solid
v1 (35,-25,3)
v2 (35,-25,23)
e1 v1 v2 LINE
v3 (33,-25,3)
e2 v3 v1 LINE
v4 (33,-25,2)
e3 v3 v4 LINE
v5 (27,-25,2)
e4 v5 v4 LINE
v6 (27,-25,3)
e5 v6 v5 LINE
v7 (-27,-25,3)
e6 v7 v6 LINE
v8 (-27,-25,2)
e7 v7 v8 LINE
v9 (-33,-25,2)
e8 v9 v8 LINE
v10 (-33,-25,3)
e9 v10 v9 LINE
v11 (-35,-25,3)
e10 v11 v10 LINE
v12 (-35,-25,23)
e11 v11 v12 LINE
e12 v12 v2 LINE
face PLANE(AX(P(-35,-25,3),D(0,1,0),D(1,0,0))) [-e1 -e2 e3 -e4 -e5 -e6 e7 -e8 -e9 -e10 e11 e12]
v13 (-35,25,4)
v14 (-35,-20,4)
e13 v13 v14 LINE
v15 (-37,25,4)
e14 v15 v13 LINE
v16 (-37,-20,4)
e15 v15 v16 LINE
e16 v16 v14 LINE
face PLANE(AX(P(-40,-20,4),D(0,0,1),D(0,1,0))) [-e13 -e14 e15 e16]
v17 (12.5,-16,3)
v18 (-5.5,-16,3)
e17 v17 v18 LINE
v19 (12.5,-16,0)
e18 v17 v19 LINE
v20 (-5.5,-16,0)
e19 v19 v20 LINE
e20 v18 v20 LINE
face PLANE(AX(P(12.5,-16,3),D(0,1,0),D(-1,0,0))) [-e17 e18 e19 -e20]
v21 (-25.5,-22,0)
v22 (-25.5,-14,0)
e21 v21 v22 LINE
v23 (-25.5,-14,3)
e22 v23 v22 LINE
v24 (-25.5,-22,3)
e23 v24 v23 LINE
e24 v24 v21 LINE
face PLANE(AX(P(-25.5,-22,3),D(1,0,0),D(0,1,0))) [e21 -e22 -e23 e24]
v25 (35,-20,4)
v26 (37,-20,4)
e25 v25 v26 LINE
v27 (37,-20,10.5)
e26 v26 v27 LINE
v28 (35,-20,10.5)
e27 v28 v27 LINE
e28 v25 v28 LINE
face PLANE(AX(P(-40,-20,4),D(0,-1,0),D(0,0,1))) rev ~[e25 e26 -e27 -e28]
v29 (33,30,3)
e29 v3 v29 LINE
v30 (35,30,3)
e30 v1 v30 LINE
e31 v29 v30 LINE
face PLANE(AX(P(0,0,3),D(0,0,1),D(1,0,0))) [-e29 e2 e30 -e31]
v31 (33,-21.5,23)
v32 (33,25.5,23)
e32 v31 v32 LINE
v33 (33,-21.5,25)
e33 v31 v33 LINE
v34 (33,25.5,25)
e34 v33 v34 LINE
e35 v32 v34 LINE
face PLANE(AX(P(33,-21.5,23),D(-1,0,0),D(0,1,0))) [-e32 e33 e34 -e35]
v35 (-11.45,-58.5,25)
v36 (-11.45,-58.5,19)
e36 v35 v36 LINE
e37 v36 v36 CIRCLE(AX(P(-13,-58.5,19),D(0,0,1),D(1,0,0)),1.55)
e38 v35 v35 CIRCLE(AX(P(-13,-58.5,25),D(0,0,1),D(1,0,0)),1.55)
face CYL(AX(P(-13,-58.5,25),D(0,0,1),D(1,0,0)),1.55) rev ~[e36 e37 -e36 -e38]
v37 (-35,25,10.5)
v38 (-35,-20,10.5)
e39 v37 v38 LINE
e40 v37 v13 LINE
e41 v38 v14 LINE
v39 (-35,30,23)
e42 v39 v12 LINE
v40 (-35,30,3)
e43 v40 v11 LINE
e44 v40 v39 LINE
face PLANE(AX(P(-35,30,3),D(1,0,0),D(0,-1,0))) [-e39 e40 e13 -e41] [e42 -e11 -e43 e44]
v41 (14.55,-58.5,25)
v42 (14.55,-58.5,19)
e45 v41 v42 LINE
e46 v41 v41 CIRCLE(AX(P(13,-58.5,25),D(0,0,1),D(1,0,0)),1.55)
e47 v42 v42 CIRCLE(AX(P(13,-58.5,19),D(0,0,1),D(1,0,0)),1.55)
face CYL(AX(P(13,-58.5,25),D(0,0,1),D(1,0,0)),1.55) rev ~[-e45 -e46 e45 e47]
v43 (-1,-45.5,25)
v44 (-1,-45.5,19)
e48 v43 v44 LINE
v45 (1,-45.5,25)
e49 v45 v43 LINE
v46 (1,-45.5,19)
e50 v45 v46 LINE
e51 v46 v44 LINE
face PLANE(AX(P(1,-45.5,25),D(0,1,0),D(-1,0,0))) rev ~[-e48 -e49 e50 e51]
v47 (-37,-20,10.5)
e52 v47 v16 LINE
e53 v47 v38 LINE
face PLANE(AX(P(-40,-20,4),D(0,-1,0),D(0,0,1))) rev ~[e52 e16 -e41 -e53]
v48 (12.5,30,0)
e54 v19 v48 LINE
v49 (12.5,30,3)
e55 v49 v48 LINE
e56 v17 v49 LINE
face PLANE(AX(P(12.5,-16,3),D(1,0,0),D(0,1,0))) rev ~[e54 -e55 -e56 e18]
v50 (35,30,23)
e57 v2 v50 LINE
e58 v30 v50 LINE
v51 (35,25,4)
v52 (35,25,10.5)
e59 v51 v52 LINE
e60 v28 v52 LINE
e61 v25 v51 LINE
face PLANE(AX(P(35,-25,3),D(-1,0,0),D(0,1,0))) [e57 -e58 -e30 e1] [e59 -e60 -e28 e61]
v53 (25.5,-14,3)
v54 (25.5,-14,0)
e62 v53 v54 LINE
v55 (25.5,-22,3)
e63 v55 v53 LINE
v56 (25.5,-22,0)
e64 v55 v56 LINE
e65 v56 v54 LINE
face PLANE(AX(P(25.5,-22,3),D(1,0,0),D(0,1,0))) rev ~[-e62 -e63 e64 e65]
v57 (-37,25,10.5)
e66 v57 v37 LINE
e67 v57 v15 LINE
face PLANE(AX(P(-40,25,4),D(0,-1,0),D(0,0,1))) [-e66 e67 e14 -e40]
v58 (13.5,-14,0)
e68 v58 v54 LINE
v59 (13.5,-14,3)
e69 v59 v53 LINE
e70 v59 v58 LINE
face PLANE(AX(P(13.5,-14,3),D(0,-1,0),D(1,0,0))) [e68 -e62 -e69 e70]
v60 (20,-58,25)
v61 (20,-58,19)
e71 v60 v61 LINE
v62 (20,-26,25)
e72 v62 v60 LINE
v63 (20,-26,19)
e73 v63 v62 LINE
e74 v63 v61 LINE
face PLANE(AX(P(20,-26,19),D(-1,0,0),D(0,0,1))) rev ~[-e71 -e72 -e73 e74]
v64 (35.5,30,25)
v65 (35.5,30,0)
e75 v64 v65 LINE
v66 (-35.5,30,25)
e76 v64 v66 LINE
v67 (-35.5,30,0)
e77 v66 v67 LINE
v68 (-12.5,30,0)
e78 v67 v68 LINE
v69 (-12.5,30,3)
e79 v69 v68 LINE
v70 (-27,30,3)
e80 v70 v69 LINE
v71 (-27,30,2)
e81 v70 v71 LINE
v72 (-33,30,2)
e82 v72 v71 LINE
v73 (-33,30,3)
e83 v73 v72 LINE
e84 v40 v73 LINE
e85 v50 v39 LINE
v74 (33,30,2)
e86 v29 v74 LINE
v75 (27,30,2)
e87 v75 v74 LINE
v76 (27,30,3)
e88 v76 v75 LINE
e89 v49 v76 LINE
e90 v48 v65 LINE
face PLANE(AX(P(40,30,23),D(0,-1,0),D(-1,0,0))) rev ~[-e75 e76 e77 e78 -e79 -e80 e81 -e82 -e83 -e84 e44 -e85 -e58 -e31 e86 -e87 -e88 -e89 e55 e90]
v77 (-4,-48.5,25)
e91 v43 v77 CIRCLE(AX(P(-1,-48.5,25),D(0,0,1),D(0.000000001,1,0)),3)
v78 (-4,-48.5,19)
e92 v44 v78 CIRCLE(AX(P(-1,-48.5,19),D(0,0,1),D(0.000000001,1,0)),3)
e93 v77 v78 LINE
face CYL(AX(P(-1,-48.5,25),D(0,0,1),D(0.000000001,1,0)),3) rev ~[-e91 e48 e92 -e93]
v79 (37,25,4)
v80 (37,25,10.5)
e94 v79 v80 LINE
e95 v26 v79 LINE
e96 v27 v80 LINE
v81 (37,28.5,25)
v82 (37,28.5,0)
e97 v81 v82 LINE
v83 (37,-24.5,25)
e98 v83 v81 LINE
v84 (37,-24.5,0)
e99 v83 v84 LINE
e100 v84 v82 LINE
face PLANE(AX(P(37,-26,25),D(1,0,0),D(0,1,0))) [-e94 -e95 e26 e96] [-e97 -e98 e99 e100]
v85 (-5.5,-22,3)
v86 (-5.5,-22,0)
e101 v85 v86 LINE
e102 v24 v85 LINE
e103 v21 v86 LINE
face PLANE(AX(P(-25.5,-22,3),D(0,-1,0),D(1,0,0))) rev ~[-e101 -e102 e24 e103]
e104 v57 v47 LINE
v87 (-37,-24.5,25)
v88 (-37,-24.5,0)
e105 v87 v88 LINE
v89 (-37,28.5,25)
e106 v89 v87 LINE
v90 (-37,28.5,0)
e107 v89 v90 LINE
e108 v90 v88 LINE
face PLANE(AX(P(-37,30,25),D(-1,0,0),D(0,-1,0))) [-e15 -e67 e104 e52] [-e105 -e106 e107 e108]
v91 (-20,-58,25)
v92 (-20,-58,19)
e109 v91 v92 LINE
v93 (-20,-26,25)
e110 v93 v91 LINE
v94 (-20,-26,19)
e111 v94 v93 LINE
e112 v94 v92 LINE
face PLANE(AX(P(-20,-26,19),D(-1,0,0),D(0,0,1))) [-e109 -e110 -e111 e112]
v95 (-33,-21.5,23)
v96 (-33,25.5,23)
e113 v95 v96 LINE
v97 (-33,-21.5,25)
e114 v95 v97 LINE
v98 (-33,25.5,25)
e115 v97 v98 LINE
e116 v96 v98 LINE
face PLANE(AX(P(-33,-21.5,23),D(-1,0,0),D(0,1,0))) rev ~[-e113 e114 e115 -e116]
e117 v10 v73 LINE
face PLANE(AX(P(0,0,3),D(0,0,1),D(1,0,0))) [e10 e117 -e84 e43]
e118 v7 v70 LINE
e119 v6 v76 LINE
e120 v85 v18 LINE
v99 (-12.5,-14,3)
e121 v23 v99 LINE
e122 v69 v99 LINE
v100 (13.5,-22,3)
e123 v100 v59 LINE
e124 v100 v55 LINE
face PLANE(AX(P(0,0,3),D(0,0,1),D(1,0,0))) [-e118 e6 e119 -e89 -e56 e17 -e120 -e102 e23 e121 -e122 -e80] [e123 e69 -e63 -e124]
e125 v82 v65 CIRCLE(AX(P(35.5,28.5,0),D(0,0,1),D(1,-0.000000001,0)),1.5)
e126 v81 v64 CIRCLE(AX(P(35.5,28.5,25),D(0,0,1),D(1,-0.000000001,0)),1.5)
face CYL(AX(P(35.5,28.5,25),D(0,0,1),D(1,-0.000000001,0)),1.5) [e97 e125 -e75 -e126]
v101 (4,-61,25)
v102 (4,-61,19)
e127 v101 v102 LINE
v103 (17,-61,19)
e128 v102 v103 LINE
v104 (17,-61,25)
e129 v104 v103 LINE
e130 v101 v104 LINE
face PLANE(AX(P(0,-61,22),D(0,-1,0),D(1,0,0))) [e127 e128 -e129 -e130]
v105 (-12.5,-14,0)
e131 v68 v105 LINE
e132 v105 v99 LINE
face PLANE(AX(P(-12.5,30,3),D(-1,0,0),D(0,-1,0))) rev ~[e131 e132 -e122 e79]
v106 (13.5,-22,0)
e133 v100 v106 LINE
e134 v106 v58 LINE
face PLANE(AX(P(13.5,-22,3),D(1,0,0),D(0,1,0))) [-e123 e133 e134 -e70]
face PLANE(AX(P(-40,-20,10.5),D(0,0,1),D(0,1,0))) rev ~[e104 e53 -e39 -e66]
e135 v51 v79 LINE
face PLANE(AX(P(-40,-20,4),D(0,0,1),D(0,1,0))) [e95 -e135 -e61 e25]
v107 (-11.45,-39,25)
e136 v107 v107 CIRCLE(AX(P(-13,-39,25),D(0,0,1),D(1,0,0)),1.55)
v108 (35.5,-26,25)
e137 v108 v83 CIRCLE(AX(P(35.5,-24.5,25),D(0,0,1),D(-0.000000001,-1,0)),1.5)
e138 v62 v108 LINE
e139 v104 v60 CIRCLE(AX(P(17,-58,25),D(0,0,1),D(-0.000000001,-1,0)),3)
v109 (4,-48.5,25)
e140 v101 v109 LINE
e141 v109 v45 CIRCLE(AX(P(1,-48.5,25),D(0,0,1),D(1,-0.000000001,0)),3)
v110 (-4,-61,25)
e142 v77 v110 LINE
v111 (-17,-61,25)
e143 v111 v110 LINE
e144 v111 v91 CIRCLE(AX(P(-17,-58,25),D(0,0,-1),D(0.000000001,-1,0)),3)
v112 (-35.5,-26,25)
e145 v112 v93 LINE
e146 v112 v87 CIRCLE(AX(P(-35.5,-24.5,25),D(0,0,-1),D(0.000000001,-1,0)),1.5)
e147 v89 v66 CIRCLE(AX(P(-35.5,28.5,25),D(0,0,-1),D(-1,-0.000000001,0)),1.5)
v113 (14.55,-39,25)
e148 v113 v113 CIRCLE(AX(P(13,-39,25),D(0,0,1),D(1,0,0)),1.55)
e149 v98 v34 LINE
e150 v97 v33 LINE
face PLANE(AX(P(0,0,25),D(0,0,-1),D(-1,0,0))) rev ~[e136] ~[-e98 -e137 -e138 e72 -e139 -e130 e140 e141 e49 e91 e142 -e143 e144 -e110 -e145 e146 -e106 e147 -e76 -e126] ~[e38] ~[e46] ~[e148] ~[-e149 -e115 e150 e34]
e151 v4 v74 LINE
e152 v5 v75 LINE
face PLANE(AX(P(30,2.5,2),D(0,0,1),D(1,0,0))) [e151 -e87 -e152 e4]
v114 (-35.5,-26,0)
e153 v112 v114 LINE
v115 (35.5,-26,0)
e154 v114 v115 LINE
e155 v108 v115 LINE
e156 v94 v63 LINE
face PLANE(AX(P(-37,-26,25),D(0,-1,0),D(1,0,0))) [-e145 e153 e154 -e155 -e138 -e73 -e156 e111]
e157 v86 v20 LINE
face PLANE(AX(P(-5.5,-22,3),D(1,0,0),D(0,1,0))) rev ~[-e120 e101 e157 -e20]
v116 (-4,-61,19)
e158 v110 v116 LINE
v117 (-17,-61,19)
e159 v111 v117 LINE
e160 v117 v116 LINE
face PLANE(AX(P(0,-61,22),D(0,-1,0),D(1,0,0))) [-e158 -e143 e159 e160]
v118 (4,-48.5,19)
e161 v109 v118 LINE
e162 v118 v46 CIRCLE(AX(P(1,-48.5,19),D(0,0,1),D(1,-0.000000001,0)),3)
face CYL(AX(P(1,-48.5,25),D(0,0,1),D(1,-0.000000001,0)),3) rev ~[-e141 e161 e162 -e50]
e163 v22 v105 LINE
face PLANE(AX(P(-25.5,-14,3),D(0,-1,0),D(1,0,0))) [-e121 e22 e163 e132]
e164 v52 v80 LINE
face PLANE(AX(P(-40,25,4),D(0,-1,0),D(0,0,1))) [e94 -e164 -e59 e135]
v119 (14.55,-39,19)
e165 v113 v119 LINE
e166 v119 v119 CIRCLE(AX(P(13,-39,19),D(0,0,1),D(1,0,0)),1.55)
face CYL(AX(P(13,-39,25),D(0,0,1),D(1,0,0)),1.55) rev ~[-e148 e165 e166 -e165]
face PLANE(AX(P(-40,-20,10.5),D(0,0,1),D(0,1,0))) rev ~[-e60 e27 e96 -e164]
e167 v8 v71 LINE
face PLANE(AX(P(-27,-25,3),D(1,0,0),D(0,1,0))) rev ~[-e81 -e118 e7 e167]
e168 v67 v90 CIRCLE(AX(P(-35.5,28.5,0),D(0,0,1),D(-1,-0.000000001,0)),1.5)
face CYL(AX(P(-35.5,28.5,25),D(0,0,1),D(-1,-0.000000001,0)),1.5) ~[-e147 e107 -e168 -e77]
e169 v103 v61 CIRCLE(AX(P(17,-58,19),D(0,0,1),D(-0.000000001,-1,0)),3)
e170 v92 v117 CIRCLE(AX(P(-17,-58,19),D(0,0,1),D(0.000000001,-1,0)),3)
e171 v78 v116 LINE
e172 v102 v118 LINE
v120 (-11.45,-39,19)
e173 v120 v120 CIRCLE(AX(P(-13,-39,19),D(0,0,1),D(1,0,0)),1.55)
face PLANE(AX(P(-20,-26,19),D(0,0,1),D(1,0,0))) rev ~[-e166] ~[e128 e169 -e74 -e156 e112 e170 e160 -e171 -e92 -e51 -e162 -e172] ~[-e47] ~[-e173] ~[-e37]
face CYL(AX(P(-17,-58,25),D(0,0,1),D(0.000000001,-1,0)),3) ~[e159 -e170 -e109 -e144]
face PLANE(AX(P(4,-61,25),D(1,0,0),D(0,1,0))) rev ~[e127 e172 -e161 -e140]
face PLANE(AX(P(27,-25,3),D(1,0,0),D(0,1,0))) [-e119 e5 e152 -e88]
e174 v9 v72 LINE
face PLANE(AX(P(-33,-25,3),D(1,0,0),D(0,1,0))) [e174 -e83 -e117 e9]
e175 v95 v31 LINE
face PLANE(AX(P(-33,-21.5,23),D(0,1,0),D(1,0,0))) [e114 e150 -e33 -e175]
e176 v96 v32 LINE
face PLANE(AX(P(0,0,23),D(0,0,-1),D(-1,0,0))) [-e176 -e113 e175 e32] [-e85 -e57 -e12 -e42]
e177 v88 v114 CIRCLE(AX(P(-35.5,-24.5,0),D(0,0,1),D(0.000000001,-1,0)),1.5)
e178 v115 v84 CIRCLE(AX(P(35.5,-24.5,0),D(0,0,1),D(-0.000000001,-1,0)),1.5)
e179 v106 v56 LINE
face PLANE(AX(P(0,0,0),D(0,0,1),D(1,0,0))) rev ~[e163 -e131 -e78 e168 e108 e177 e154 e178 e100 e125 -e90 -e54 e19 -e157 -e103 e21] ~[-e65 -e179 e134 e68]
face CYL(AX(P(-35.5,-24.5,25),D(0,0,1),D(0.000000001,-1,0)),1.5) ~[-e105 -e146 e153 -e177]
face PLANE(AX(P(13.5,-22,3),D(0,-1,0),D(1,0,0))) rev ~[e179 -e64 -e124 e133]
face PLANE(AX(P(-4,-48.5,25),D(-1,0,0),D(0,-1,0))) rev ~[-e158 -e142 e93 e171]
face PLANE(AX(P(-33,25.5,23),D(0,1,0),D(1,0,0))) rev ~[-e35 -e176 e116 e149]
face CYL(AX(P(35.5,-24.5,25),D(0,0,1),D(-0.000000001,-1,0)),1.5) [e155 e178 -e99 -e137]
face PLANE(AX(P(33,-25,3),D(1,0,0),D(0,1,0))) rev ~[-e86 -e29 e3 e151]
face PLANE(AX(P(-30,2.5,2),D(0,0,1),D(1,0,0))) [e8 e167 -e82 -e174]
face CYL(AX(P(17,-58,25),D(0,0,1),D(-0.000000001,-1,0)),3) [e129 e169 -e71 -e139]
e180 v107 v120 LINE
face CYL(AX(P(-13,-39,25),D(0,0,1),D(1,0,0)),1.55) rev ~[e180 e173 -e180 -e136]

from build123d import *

# Parameters (mm, degrees)
SKETCH_1_W          = 80
SKETCH_1_H          = 60
EXTRUDE_1_DEPTH     = 3
CUT_EXTRUDE_1_DEPTH = 3
EXTRUDE_2_DEPTH     = 20
SKETCH_4_W          = 6.5
SKETCH_4_H          = 45
CUT_EXTRUDE_2_DEPTH = 89.481636513
SKETCH_5_W          = 6
SKETCH_5_H          = 55
CUT_EXTRUDE_3_DEPTH = 1
SKETCH_7_W          = 20
SKETCH_7_H          = 8
SKETCH_7_W_2        = 12
CUT_EXTRUDE_4_DEPTH = 3
SKETCH_8_W          = 66
SKETCH_8_H          = 47
EXTRUDE_3_DEPTH     = 2
CUT_EXTRUDE_5_DEPTH = 56.901699437
CUT_EXTRUDE_6_DEPTH = 54.795910625
SKETCH_12_W         = 40
SKETCH_12_H         = 6
EXTRUDE_4_DEPTH     = 35
SKETCH_13_R         = 1.55
CUT_EXTRUDE_7_DEPTH = 76.59761901


with BuildPart() as part:
    # 草图1 → 凸台-拉伸1 (new body)
    with BuildSketch(Plane.XY):
        Rectangle(SKETCH_1_W, SKETCH_1_H)
    extrude(amount=EXTRUDE_1_DEPTH)

    # 草图2 → 切除-拉伸1 (cut)
    with BuildSketch(Plane.XY.offset(3)):
        Polygon((-12.5, -8.5), (-12.5, 8.5), (-12.5, 30), (12.5, 30), (12.5, 8.5), (12.5, -8.5), (12.5, -16), (-12.5, -16), align=None)
    extrude(amount=-CUT_EXTRUDE_1_DEPTH, mode=Mode.SUBTRACT)

    # 草图3 → 凸台-拉伸2 (add)
    with BuildSketch(Plane.XY.offset(3)):
        Polygon((-40, 30), (-35, 30), (-35, -25), (35, -25), (35, 30), (40, 30), (40, -30), (-40, -30), align=None)
    extrude(amount=EXTRUDE_2_DEPTH)

    # 草图4 → 切除-拉伸2 (cut, through all)
    with BuildSketch(Plane.ZY.offset(40)):
        with Locations((7.25, 2.5)):
            Rectangle(SKETCH_4_W, SKETCH_4_H)
    extrude(amount=-CUT_EXTRUDE_2_DEPTH, mode=Mode.SUBTRACT)

    # 草图5 → 切除-拉伸3 (cut)
    with BuildSketch(Plane.XY.offset(3)):
        with Locations((-30, 2.5)):
            Rectangle(SKETCH_5_W, SKETCH_5_H)
        with Locations((30, 2.5)):
            Rectangle(SKETCH_5_W, SKETCH_5_H)
    extrude(amount=-CUT_EXTRUDE_3_DEPTH, mode=Mode.SUBTRACT)

    # 草图7 → 切除-拉伸4 (cut)
    with BuildSketch(Plane.XY.offset(3)):
        with Locations((-15.5, -18)):
            Rectangle(SKETCH_7_W, SKETCH_7_H)
        with Locations((19.5, -18)):
            Rectangle(SKETCH_7_W_2, SKETCH_7_H)
    extrude(amount=-CUT_EXTRUDE_4_DEPTH, mode=Mode.SUBTRACT)

    # 草图8 → 凸台-拉伸3 (add)
    with BuildSketch(Plane.XY.offset(23)):
        Polygon((-40, 30), (-32, 30), (32, 30), (40, 30), (40, -30), (-40, -30), align=None)
        with Locations((0, 2)):
            Rectangle(SKETCH_8_W, SKETCH_8_H, mode=Mode.SUBTRACT)
    extrude(amount=EXTRUDE_3_DEPTH)

    # 草图9 → 切除-拉伸5 (cut, through all)
    with BuildSketch(Plane.XY.offset(25)):
        Polygon((-40, 30), (-37, 30), (-37, -26), (37, -26), (37, 30), (40, 30), (40, -30), (38, -30), (-38, -30), (-40, -30), align=None)
    extrude(amount=-CUT_EXTRUDE_5_DEPTH, mode=Mode.SUBTRACT)

    # 草图11 → 切除-拉伸6 (cut, through all)
    with BuildSketch(Plane.XY.offset(25)):
        with BuildLine():
            Line((-35.5, 30), (-37, 30))
            Line((-37, 30), (-37, 28.5))
            ThreePointArc((-37, 28.5), (-36.560660172, 29.560660172), (-35.5, 30))
        make_face()
        with BuildLine():
            Line((-37, -24.5), (-37, -26))
            Line((-37, -26), (-35.5, -26))
            ThreePointArc((-35.5, -26), (-36.560660172, -25.560660172), (-37, -24.5))
        make_face()
        with BuildLine():
            Line((37, -24.5), (37, -26))
            Line((37, -26), (35.5, -26))
            ThreePointArc((35.5, -26), (36.560660172, -25.560660172), (37, -24.5))
        make_face()
        with BuildLine():
            Line((35.5, 30), (37, 30))
            Line((37, 30), (37, 28.5))
            ThreePointArc((37, 28.5), (36.560660172, 29.560660172), (35.5, 30))
        make_face()
    extrude(amount=-CUT_EXTRUDE_6_DEPTH, mode=Mode.SUBTRACT)

    # 草图12 → 凸台-拉伸4 (add)
    with BuildSketch(Plane.XZ.offset(26)):
        with Locations((0, 22)):
            Rectangle(SKETCH_12_W, SKETCH_12_H)
    extrude(amount=EXTRUDE_4_DEPTH)

    # 草图13 → 切除-拉伸7 (cut, through all)
    with BuildSketch(Plane.XY.offset(25)):
        with Locations((-13, -39)):
            Circle(SKETCH_13_R)
        with Locations((13, -39)):
            Circle(SKETCH_13_R)
        with Locations((-13, -58.5)):
            Circle(SKETCH_13_R)
        with Locations((13, -58.5)):
            Circle(SKETCH_13_R)
        with BuildLine():
            Line((-4, -61), (4, -61))
            Line((4, -61), (4, -48.5))
            ThreePointArc((4, -48.5), (3.121320344, -46.378679656), (1, -45.5))
            Line((1, -45.5), (0, -45.5))
            Line((0, -45.5), (-1, -45.5))
            ThreePointArc((-1, -45.5), (-3.121320344, -46.378679656), (-4, -48.5))
            Line((-4, -48.5), (-4, -61))
        make_face()
        with BuildLine():
            Line((20, -58), (20, -61))
            Line((20, -61), (17, -61))
            ThreePointArc((17, -61), (19.121320344, -60.121320344), (20, -58))
        make_face()
        with BuildLine():
            Line((-20, -58), (-20, -61))
            Line((-20, -61), (-17, -61))
            ThreePointArc((-17, -61), (-19.121320344, -60.121320344), (-20, -58))
        make_face()
    extrude(amount=-CUT_EXTRUDE_7_DEPTH, mode=Mode.SUBTRACT)


solid = part.part
